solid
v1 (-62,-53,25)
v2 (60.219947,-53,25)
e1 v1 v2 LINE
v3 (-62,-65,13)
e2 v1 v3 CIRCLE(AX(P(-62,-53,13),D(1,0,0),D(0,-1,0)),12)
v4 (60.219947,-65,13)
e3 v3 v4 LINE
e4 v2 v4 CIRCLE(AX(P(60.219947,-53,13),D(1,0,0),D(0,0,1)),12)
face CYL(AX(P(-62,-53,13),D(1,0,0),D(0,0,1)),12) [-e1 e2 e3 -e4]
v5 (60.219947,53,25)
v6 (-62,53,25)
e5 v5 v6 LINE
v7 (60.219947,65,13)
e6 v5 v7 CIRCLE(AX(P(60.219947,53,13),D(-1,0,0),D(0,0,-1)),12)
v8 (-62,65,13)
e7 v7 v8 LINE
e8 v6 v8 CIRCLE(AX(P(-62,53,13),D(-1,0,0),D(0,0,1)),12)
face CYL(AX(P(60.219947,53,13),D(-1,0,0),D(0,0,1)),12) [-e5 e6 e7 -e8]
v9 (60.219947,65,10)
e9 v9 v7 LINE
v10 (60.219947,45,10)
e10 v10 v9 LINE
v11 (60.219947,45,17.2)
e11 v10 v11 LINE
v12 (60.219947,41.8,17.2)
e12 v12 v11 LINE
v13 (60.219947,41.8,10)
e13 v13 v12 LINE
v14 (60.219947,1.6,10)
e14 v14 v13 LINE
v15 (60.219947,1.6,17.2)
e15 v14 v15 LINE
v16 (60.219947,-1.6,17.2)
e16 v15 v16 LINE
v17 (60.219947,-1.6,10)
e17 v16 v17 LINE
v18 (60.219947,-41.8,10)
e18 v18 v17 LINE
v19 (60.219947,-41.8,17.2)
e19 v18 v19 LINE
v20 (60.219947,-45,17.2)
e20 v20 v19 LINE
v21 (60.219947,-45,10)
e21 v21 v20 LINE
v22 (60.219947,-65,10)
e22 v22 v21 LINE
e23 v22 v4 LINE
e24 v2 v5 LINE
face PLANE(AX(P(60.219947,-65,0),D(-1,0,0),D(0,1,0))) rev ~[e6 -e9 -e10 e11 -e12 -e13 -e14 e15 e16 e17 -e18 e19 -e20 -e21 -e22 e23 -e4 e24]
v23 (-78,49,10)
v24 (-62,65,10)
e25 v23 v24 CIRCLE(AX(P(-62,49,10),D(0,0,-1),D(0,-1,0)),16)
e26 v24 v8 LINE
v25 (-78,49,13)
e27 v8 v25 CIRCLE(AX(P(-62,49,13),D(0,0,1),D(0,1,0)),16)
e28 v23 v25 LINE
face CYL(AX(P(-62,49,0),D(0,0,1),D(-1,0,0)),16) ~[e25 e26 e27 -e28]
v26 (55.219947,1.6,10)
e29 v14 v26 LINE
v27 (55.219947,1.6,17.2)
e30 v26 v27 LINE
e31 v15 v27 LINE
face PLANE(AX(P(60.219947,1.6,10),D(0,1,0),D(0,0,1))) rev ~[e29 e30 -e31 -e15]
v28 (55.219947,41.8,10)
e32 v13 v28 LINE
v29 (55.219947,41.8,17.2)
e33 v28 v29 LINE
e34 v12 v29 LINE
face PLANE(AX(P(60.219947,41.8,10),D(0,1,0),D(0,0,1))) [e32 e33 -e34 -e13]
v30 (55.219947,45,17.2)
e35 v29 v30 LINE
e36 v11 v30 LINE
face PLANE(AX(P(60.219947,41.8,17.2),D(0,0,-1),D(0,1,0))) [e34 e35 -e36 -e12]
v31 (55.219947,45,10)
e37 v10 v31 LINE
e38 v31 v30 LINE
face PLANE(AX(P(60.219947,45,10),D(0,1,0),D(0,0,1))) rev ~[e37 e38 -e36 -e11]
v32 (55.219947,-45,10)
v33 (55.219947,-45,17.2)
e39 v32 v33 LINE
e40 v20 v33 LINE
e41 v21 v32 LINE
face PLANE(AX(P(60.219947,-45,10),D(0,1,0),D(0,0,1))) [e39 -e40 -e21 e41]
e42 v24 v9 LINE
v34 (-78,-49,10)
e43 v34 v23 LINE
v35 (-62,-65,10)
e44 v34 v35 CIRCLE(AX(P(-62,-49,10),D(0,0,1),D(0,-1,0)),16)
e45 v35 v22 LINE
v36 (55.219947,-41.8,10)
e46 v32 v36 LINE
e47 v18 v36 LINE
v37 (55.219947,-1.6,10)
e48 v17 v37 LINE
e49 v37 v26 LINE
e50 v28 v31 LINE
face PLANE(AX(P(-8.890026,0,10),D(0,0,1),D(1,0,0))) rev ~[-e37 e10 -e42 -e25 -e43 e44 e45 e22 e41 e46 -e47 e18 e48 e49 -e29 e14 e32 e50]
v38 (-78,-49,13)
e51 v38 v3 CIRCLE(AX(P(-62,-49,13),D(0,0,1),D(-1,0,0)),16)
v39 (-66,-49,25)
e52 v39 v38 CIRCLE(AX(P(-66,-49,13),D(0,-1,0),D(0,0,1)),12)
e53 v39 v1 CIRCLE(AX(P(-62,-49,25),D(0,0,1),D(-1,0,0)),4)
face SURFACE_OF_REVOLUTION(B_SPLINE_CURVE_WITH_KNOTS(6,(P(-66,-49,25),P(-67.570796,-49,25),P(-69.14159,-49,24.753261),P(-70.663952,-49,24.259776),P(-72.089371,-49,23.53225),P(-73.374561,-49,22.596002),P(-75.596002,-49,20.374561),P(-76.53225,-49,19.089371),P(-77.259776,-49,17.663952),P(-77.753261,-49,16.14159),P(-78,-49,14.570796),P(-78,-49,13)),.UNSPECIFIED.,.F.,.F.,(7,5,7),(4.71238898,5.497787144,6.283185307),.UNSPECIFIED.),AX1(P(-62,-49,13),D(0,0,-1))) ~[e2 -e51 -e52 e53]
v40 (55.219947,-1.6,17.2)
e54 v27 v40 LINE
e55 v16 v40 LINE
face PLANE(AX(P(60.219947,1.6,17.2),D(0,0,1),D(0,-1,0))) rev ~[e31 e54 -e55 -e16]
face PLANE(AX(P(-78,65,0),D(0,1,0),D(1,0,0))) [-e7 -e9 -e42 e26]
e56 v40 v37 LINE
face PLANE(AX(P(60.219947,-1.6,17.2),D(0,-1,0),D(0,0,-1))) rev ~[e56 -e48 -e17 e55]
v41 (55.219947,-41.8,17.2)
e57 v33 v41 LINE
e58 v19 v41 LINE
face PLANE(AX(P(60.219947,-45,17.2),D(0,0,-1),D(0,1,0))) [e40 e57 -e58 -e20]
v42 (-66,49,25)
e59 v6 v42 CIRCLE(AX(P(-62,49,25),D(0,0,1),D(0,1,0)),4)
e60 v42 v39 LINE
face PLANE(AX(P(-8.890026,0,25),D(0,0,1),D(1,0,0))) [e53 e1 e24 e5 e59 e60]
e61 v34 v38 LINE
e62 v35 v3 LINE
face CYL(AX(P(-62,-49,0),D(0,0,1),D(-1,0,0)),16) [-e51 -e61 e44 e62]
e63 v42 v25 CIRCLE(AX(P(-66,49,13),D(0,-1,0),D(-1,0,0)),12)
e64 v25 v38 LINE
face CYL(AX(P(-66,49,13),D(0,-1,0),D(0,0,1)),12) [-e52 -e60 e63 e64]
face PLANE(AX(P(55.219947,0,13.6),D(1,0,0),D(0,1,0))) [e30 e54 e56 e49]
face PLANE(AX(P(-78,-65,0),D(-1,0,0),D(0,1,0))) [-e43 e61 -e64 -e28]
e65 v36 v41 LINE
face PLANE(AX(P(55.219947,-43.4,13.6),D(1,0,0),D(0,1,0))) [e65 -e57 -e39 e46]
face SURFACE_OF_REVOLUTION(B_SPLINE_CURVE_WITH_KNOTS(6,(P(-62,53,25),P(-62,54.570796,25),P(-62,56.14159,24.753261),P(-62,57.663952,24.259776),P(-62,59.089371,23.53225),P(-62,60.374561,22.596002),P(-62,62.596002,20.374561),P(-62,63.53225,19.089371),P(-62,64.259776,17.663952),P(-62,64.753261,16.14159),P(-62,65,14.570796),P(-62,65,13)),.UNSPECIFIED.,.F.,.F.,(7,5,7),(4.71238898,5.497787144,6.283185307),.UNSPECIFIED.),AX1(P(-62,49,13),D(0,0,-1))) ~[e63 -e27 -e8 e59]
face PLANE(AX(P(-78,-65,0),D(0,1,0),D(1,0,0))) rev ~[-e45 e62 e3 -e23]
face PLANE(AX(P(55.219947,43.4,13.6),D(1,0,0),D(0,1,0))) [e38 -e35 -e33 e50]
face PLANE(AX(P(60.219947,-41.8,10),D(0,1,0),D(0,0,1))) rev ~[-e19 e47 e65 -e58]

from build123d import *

# Parameters (mm, degrees)
F0_W     = 138.2199470003
F0_H     = 130
F1_DEPTH = 25
F2_R     = 16
F3_R     = 12
F4_DEPTH = 10
F5_W     = 3.2
F5_H     = 7.2
F6_DEPTH = 5


with BuildPart() as f1:
    # F0 (on Top) → F1 (new body)
    with BuildSketch(Plane.XY):
        with Locations((-8.8900264998, 0)):
            Rectangle(F0_W, F0_H)
    extrude(amount=F1_DEPTH)

    # F2
    f2_edges = [f1.edges().sort_by_distance(p)[0] for p in [
        (-78, -65, 12.5),
        (-78, 65, 12.5),
    ]]
    fillet(f2_edges, radius=F2_R)

    # F3
    f3_edges = [f1.edges().sort_by_distance(p)[0] for p in [
        (-0.890026, -65, 25),
    ]]
    fillet(f3_edges, radius=F3_R)

    # F4 (cut): a face of the model
    f4_faces = [f1.faces().sort_by_distance(p)[0] for p in [
        (-8.4868143179, 0, 0),
    ]]
    extrude(f4_faces, amount=-F4_DEPTH, mode=Mode.SUBTRACT)

    # F5 (on face) → F6 (cut)
    with BuildSketch(Plane.YZ.offset(60.2199470003)):
        with Locations((-43.4, 13.6)):
            Rectangle(F5_W, F5_H)
        Polygon((-1.6, 10), (0, 10), (1.6, 10), (1.6, 17.2), (0, 17.2), (-1.6, 17.2), align=None)
        with Locations((43.4, 13.6)):
            Rectangle(F5_W, F5_H)
    extrude(amount=-F6_DEPTH, mode=Mode.SUBTRACT)


solid = f1.part
